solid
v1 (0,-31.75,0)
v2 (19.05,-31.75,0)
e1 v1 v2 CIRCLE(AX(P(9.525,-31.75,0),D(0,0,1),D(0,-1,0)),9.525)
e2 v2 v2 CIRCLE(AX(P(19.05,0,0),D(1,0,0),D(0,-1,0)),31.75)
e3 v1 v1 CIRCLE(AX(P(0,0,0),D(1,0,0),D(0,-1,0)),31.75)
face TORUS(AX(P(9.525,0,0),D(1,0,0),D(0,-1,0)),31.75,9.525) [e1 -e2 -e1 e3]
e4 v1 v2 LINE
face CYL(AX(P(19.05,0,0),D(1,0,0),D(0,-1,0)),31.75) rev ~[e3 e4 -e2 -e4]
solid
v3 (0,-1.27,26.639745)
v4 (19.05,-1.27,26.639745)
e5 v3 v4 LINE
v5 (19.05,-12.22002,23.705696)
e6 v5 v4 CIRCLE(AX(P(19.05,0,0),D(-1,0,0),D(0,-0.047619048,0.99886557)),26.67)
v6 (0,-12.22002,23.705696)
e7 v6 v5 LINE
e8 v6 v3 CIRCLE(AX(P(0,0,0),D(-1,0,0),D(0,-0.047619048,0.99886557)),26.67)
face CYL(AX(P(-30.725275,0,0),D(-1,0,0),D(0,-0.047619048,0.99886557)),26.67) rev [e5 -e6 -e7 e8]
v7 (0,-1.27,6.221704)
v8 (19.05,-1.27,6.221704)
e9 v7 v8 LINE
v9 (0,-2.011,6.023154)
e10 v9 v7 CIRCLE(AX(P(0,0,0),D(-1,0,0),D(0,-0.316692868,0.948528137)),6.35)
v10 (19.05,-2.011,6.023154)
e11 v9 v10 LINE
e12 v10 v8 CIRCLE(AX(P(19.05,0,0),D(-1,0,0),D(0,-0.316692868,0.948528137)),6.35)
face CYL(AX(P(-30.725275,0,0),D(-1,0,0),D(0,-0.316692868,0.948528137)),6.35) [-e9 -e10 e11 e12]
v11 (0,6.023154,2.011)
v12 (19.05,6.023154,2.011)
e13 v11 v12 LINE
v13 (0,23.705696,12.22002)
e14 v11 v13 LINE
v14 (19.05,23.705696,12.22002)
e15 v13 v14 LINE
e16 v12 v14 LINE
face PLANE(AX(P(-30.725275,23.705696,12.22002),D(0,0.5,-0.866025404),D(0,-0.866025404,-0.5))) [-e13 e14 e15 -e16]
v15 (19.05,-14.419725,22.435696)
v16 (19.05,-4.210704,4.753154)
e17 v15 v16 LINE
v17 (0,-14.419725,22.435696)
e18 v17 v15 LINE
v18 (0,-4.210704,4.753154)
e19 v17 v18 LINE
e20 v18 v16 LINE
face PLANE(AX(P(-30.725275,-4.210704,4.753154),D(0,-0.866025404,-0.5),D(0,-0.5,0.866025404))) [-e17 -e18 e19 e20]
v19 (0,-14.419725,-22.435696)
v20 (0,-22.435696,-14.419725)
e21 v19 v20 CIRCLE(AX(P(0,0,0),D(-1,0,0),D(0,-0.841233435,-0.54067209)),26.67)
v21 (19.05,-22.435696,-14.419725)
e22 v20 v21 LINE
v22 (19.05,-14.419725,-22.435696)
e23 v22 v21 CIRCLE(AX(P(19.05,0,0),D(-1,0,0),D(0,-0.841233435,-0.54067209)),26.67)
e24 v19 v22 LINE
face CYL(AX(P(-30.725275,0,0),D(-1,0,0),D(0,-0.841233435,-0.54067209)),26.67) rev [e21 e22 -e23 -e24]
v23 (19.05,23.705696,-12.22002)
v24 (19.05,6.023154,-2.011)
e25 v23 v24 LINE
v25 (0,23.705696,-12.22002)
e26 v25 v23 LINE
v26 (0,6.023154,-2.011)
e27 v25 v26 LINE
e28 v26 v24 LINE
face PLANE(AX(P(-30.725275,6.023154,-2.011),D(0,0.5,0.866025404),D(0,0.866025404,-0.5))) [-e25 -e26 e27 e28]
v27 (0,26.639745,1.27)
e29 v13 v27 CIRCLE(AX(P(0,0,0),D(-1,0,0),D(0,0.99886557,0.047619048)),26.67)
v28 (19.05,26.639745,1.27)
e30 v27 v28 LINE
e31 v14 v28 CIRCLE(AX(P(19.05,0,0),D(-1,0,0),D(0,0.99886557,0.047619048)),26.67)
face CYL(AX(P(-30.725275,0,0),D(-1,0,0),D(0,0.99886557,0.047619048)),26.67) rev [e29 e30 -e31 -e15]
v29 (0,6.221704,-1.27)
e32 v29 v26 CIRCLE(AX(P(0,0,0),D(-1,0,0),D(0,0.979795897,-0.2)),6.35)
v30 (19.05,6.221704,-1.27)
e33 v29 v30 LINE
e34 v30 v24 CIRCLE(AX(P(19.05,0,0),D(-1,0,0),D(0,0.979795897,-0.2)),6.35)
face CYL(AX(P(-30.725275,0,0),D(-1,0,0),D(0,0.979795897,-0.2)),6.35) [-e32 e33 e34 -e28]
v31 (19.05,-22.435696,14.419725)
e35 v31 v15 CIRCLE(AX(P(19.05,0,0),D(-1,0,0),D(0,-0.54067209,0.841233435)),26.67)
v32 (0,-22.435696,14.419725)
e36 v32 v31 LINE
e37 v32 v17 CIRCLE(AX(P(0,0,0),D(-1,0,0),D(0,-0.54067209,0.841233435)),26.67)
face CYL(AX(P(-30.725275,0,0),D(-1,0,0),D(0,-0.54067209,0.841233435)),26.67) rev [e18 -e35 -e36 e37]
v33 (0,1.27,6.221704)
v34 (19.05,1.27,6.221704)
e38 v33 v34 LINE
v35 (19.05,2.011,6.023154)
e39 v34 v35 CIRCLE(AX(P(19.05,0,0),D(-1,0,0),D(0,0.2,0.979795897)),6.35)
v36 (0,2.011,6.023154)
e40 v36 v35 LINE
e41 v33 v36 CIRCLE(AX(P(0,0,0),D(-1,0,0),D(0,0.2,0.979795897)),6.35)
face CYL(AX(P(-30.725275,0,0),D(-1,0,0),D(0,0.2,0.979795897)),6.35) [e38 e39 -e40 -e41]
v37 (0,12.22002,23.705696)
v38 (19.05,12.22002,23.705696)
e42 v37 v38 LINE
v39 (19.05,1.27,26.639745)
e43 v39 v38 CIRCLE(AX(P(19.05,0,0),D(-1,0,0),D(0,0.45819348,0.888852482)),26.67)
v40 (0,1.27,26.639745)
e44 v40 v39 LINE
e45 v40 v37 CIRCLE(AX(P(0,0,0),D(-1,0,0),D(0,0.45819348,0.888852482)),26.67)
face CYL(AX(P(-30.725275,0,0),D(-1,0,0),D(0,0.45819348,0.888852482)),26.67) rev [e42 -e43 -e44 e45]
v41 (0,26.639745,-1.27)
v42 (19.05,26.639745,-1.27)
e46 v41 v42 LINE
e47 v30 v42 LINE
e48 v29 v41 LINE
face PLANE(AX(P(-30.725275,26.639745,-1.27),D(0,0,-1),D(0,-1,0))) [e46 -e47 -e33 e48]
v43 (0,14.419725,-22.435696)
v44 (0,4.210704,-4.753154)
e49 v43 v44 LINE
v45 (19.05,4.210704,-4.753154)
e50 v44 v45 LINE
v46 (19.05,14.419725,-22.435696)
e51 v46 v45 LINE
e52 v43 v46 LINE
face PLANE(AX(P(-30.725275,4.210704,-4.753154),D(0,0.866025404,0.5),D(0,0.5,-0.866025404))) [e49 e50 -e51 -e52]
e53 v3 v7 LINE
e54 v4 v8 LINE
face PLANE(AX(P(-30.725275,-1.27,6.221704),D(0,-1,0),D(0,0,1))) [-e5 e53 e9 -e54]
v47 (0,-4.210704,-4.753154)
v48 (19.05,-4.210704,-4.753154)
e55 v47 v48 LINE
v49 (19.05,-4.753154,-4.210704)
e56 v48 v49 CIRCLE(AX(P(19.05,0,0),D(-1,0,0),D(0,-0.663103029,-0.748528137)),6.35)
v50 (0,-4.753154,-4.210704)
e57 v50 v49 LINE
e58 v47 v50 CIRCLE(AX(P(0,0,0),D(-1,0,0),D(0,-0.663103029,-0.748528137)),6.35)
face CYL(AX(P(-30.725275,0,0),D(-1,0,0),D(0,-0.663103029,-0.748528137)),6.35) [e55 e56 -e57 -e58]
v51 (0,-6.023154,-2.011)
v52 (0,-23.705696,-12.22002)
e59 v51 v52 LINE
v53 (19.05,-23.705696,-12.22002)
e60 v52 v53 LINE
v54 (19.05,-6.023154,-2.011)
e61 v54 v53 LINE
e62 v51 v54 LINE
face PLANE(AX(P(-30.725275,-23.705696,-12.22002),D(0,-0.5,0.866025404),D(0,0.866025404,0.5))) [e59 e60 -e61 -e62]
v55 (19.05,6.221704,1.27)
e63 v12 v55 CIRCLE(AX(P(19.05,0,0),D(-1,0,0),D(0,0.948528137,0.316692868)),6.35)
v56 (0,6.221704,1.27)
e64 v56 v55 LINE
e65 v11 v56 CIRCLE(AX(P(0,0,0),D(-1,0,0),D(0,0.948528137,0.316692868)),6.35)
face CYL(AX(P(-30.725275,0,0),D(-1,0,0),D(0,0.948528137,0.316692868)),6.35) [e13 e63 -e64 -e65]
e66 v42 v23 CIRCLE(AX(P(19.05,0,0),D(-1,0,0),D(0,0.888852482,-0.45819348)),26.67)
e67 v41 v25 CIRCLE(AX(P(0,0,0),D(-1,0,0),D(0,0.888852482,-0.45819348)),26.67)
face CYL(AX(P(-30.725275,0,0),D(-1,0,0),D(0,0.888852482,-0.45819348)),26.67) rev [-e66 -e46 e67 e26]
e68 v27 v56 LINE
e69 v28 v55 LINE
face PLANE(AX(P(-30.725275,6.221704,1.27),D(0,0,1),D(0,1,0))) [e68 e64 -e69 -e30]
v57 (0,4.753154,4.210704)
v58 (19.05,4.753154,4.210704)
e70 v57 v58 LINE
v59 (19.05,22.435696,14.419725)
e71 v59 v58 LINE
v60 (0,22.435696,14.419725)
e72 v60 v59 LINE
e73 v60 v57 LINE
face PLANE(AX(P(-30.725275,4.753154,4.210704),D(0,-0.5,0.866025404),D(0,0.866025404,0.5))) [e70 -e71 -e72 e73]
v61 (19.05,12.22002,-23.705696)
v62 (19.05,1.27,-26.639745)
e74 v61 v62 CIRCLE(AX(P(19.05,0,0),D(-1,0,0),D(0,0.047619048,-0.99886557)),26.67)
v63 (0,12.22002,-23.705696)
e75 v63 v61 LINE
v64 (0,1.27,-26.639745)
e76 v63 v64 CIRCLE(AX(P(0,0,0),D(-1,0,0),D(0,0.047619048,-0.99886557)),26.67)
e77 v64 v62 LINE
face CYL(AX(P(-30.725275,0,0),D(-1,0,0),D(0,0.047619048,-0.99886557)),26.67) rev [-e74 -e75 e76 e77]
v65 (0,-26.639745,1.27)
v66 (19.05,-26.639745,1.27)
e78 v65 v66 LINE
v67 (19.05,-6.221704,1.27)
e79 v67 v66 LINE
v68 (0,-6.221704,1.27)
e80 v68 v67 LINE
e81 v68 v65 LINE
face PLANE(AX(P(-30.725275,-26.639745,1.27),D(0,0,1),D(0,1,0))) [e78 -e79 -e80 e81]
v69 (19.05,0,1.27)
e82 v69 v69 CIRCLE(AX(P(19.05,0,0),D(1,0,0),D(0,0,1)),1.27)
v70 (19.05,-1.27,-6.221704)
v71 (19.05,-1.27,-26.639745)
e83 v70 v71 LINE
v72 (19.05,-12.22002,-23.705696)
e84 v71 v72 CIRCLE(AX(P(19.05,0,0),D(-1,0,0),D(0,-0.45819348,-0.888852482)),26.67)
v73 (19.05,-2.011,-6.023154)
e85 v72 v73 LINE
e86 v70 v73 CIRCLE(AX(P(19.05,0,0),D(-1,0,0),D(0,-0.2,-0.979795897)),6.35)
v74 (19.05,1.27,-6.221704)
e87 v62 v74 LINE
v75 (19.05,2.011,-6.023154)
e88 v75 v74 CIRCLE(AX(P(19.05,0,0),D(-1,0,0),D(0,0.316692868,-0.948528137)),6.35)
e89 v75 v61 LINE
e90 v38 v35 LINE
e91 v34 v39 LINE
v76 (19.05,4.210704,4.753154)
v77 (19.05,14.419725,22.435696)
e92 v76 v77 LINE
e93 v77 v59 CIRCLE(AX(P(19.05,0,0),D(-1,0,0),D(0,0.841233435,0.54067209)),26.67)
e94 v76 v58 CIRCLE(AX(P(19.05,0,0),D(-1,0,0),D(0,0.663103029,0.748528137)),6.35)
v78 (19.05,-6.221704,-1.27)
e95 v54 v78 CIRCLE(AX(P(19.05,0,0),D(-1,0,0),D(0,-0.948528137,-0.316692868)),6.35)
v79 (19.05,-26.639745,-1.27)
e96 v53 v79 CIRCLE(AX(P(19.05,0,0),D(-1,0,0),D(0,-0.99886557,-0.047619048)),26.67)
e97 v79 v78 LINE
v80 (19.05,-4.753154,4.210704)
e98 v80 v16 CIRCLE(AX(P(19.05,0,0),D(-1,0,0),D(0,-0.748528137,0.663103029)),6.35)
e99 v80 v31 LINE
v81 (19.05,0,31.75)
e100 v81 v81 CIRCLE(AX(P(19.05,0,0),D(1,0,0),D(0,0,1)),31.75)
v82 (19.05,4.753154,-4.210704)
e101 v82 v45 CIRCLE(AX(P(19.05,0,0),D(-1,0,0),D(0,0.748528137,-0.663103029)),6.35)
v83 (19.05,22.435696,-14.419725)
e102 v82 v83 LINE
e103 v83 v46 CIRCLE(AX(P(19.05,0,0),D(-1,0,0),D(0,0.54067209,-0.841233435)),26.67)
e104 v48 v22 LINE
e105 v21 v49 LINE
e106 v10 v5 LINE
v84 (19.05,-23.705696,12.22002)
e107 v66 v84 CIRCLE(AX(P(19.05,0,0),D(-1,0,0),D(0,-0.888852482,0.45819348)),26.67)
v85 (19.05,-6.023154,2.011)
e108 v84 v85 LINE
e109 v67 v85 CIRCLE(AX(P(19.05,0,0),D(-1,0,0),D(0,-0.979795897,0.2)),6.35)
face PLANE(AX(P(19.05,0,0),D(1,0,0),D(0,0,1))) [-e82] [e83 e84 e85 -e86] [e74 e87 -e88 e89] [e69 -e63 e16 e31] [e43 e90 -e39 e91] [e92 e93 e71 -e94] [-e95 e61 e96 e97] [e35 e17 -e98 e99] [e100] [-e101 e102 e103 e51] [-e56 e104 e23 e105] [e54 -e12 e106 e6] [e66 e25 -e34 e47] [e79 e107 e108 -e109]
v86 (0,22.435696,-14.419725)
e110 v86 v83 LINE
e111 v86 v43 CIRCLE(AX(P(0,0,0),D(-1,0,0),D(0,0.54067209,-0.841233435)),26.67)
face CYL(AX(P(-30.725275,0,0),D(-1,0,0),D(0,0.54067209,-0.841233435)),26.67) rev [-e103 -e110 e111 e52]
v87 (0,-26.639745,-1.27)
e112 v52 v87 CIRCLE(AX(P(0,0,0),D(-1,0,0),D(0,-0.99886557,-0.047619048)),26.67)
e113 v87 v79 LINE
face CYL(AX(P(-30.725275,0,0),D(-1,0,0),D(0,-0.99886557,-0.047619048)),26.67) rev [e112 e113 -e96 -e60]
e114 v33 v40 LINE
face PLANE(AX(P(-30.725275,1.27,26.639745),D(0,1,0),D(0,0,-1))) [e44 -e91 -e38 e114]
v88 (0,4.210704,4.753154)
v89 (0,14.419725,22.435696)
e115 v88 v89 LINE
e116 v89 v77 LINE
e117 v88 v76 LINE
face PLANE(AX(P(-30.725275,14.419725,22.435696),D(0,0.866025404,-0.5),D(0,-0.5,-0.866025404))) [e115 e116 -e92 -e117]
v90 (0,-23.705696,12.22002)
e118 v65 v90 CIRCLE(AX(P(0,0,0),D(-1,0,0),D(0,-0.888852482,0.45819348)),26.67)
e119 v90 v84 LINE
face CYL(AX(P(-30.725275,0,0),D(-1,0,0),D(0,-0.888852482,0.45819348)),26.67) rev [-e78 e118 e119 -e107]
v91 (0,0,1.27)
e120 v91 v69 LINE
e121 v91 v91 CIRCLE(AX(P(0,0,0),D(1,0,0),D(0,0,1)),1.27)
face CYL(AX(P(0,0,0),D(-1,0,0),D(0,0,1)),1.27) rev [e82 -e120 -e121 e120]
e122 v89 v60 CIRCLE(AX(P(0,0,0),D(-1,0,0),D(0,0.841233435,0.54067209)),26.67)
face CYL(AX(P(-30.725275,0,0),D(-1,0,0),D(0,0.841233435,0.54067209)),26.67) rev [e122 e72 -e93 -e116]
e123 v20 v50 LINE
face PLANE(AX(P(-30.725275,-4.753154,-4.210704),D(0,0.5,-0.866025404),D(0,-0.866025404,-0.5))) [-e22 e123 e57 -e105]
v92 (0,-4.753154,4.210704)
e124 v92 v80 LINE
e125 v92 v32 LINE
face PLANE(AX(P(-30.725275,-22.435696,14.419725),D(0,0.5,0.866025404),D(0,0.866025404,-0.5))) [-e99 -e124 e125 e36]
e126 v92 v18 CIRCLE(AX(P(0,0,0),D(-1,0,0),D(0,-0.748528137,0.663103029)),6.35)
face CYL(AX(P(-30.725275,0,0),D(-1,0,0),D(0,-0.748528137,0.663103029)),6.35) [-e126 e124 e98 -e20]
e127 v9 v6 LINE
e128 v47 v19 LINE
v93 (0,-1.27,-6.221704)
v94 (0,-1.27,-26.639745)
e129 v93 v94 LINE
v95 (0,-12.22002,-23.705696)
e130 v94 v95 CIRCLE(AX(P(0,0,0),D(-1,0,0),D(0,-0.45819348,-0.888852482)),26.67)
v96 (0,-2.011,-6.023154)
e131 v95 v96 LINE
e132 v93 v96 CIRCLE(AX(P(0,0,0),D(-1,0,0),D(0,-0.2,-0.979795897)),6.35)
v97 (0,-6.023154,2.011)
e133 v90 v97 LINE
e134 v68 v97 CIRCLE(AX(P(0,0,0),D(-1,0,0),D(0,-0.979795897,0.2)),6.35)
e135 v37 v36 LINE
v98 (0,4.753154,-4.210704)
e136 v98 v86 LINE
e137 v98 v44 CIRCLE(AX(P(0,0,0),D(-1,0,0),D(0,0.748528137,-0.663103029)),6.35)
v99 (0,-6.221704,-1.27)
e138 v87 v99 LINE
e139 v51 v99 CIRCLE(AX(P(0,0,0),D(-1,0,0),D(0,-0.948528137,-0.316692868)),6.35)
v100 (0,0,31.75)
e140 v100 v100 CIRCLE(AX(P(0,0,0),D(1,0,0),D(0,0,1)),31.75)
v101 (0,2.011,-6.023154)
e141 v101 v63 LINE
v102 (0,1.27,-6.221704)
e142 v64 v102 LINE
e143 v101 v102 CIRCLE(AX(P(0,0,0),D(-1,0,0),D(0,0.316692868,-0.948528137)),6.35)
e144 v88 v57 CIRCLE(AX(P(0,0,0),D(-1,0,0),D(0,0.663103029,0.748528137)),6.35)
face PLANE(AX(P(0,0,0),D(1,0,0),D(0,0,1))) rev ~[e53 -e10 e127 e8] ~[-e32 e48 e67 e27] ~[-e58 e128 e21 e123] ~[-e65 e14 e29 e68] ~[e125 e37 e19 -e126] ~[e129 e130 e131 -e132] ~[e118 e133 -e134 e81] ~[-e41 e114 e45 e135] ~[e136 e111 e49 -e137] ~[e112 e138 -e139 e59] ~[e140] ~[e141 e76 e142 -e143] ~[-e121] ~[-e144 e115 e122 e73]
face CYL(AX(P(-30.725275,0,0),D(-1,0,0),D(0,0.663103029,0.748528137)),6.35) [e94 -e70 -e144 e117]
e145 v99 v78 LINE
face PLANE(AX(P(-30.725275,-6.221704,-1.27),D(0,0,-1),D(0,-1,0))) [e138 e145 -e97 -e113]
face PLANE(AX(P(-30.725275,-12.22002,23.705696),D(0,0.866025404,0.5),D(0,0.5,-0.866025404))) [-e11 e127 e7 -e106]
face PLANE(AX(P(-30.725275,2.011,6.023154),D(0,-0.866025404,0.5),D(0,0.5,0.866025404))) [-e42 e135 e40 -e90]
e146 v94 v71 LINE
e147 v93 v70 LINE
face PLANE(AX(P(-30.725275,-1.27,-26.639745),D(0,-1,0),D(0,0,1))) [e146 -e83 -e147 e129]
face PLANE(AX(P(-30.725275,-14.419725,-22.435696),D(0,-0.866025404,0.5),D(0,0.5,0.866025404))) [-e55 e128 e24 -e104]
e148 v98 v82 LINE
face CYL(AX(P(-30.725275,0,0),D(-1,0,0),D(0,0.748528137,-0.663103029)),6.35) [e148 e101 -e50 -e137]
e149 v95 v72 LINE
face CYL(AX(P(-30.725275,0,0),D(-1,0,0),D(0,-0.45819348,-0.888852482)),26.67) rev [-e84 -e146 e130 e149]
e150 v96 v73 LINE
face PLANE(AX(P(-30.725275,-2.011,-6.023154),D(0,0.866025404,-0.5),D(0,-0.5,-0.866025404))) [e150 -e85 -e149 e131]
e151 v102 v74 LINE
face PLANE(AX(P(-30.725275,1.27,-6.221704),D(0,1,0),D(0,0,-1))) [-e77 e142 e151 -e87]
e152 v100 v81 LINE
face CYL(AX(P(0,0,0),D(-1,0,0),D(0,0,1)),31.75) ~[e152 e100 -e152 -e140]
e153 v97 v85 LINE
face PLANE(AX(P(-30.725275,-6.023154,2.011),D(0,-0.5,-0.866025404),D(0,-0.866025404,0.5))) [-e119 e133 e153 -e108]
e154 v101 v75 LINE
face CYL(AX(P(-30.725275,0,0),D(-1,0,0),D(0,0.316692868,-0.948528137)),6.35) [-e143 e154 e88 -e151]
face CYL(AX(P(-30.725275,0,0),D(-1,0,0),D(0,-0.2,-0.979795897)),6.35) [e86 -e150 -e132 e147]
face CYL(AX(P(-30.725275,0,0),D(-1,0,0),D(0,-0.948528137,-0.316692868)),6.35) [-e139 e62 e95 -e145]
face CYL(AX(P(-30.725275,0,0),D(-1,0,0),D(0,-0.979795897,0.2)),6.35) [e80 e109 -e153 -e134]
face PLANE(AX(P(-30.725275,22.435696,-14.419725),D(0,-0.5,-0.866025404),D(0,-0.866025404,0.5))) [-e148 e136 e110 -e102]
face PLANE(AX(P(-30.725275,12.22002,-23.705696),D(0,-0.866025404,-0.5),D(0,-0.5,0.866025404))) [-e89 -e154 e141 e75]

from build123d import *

# Parameters (mm, degrees)
SKETCH1_R               = 31.75
SKETCH1_R_2             = 1.27
BOSS_EXTRUDE1_DEPTH     = 19.05
CUT_EXTRUDE1_DEPTH      = 49.77527549896566
CUT_EXTRUDE1_DEPTH_BACK = 49.77527549896566


with BuildPart() as part:
    # Sketch1 → Boss-Extrude1 (new body)
    with BuildSketch(Plane(origin=(0, 0, 0), x_dir=(0, 0, -1), z_dir=(1, 0, 0))):
        with Locations(Location((0, 0, 0), (0, 0, 180))):
            Circle(SKETCH1_R)
        with Locations(Location((0, 0, 0), (0, 0, 180))):
            Circle(SKETCH1_R_2, mode=Mode.SUBTRACT)
    extrude(amount=BOSS_EXTRUDE1_DEPTH)

    # Sketch2 → Cut-Extrude1 (cut, two sides: drawn at the far end of the back side and taken through both)
    with BuildSketch(Plane(origin=(19.05, 0, 0), x_dir=(0, 0, -1), z_dir=(1, 0, 0)).offset(-CUT_EXTRUDE1_DEPTH_BACK)):
        with BuildLine():
            Line((-1.270000000000003, 6.221703946669272), (-1.27, 26.63974474352185))
            ThreePointArc((-1.27, 26.63974474352185), (-6.902703932884231, 25.76124178712945), (-12.2200201089547, 23.70569569822288))
            Line((-12.2200201089547, 23.70569569822288), (-2.0109997105283997, 6.023153672641492))
            ThreePointArc((-2.0109997105283997, 6.023153672641492), (-1.6435009364010087, 6.133628996935583), (-1.270000000000003, 6.221703946669272))
        make_face()
        with BuildLine():
            Line((1.27, 26.63974474352185), (1.270000000000003, 6.221703946669272))
            ThreePointArc((1.270000000000003, 6.221703946669272), (1.643500936401007, 6.133628996935585), (2.010999710528396, 6.023153672641493))
            Line((2.010999710528396, 6.023153672641493), (12.220020108954685, 23.70569569822289))
            ThreePointArc((12.220020108954685, 23.70569569822289), (6.902703932884228, 25.761241787129453), (1.27, 26.63974474352185))
        make_face()
        with BuildLine():
            Line((14.41972463456716, 22.435695698222887), (4.2107042361408755, 4.753153672641491))
            ThreePointArc((4.2107042361408755, 4.753153672641491), (4.490128060534575, 4.490128060534578), (4.753153672641489, 4.210704236140876))
            Line((4.753153672641489, 4.210704236140876), (22.435695698222883, 14.419724634567164))
            ThreePointArc((22.435695698222883, 14.419724634567164), (18.858537854245217, 18.858537854245224), (14.41972463456716, 22.435695698222887))
        make_face()
        with BuildLine():
            Line((23.705695698222886, 12.22002010895469), (6.023153672641493, 2.0109997105283974))
            ThreePointArc((6.023153672641493, 2.0109997105283974), (6.133628996935583, 1.6435009364010076), (6.221703946669272, 1.2700000000000038))
            Line((6.221703946669272, 1.2700000000000038), (26.63974474352185, 1.270000000000002))
            ThreePointArc((26.63974474352185, 1.270000000000002), (25.76124178712945, 6.902703932884231), (23.705695698222886, 12.22002010895469))
        make_face()
        with BuildLine():
            Line((26.63974474352185, -1.2699999999999985), (6.221703946669272, -1.270000000000002))
            ThreePointArc((6.221703946669272, -1.270000000000002), (6.133628996935585, -1.6435009364010065), (6.023153672641493, -2.010999710528396))
            Line((6.023153672641493, -2.010999710528396), (23.705695698222893, -12.220020108954682))
            ThreePointArc((23.705695698222893, -12.220020108954682), (25.761241787129453, -6.902703932884224), (26.63974474352185, -1.2699999999999985))
        make_face()
        with BuildLine():
            Line((22.43569569822289, -14.419724634567157), (4.753153672641491, -4.2107042361408755))
            ThreePointArc((4.753153672641491, -4.2107042361408755), (4.490128060534579, -4.490128060534576), (4.210704236140877, -4.753153672641489))
            Line((4.210704236140877, -4.753153672641489), (14.419724634567169, -22.43569569822288))
            ThreePointArc((14.419724634567169, -22.43569569822288), (18.858537854245224, -18.858537854245217), (22.43569569822289, -14.419724634567157))
        make_face()
        with BuildLine():
            Line((12.220020108954696, -23.705695698222883), (2.0109997105283988, -6.0231536726414925))
            ThreePointArc((2.0109997105283988, -6.0231536726414925), (1.6435009364010082, -6.133628996935584), (1.2700000000000038, -6.2217039466692725))
            Line((1.2700000000000038, -6.2217039466692725), (1.2700000000000036, -26.63974474352185))
            ThreePointArc((1.2700000000000036, -26.63974474352185), (6.902703932884234, -25.761241787129446), (12.220020108954696, -23.705695698222883))
        make_face()
        with BuildLine():
            Line((-1.2699999999999971, -26.63974474352185), (-1.270000000000002, -6.2217039466692725))
            ThreePointArc((-1.270000000000002, -6.2217039466692725), (-1.6435009364010047, -6.133628996935585), (-2.0109997105283943, -6.023153672641494))
            Line((-2.0109997105283943, -6.023153672641494), (-12.22002010895468, -23.705695698222893))
            ThreePointArc((-12.22002010895468, -23.705695698222893), (-6.9027039328842195, -25.761241787129457), (-1.2699999999999971, -26.63974474352185))
        make_face()
        with BuildLine():
            Line((-14.419724634567155, -22.43569569822289), (-4.210704236140875, -4.75315367264149))
            ThreePointArc((-4.210704236140875, -4.75315367264149), (-4.490128060534576, -4.490128060534577), (-4.753153672641489, -4.210704236140876))
            Line((-4.753153672641489, -4.210704236140876), (-22.43569569822288, -14.419724634567173))
            ThreePointArc((-22.43569569822288, -14.419724634567173), (-18.858537854245213, -18.858537854245235), (-14.419724634567155, -22.43569569822289))
        make_face()
        with BuildLine():
            Line((-23.705695698222883, -12.2200201089547), (-6.0231536726414925, -2.0109997105283997))
            ThreePointArc((-6.0231536726414925, -2.0109997105283997), (-6.133628996935583, -1.6435009364010085), (-6.221703946669272, -1.2700000000000038))
            Line((-6.221703946669272, -1.2700000000000038), (-26.63974474352185, -1.2700000000000056))
            ThreePointArc((-26.63974474352185, -1.2700000000000056), (-25.761241787129443, -6.902703932884247), (-23.705695698222883, -12.2200201089547))
        make_face()
        with BuildLine():
            Line((-26.63974474352185, 1.2699999999999951), (-6.221703946669272, 1.270000000000002))
            ThreePointArc((-6.221703946669272, 1.270000000000002), (-6.133628996935584, 1.6435009364010056), (-6.023153672641494, 2.0109997105283917))
            Line((-6.023153672641494, 2.0109997105283917), (-23.705695698222897, 12.22002010895467))
            ThreePointArc((-23.705695698222897, 12.22002010895467), (-25.761241787129453, 6.902703932884224), (-26.63974474352185, 1.2699999999999951))
        make_face()
        with BuildLine():
            Line((-22.435695698222894, 14.419724634567144), (-4.753153672641494, 4.210704236140872))
            ThreePointArc((-4.753153672641494, 4.210704236140872), (-4.49012806053458, 4.490128060534572), (-4.210704236140877, 4.7531536726414885))
            Line((-4.210704236140877, 4.7531536726414885), (-14.419724634567173, 22.435695698222876))
            ThreePointArc((-14.419724634567173, 22.435695698222876), (-18.858537854245238, 18.858537854245206), (-22.435695698222894, 14.419724634567144))
        make_face()
    extrude(amount=CUT_EXTRUDE1_DEPTH + CUT_EXTRUDE1_DEPTH_BACK, mode=Mode.SUBTRACT)


with BuildPart() as body_2:
    # Sweep1: sweep along a curve in space
    with BuildLine() as sweep1_path:
        ThreePointArc((19.05, 0, -31.75), (19.05, 22.45064030267288, -22.450640302672884), (19.05, 31.75, 0))
        ThreePointArc((19.05, 31.75, 0), (19.05, 22.450640302672884, 22.45064030267288), (19.05, 0, 31.75))
        ThreePointArc((19.05, 0, 31.75), (19.05, -22.45064030267288, 22.450640302672884), (19.05, -31.75, 0))
        ThreePointArc((19.05, -31.75, 0), (19.05, -22.450640302672884, -22.45064030267288), (19.05, 0, -31.75))
    # Sketch3 → Sweep1 (sweep)
    with BuildSketch(Plane.XY):
        with BuildLine():
            Line((19.05, 31.75), (1.388e-14, 31.75))
            ThreePointArc((1.388e-14, 31.75), (9.525000000000007, 41.27499999999999), (19.05, 31.75))
        make_face()
    sweep(path=sweep1_path.line)


solid = Compound([part.part, body_2.part])
